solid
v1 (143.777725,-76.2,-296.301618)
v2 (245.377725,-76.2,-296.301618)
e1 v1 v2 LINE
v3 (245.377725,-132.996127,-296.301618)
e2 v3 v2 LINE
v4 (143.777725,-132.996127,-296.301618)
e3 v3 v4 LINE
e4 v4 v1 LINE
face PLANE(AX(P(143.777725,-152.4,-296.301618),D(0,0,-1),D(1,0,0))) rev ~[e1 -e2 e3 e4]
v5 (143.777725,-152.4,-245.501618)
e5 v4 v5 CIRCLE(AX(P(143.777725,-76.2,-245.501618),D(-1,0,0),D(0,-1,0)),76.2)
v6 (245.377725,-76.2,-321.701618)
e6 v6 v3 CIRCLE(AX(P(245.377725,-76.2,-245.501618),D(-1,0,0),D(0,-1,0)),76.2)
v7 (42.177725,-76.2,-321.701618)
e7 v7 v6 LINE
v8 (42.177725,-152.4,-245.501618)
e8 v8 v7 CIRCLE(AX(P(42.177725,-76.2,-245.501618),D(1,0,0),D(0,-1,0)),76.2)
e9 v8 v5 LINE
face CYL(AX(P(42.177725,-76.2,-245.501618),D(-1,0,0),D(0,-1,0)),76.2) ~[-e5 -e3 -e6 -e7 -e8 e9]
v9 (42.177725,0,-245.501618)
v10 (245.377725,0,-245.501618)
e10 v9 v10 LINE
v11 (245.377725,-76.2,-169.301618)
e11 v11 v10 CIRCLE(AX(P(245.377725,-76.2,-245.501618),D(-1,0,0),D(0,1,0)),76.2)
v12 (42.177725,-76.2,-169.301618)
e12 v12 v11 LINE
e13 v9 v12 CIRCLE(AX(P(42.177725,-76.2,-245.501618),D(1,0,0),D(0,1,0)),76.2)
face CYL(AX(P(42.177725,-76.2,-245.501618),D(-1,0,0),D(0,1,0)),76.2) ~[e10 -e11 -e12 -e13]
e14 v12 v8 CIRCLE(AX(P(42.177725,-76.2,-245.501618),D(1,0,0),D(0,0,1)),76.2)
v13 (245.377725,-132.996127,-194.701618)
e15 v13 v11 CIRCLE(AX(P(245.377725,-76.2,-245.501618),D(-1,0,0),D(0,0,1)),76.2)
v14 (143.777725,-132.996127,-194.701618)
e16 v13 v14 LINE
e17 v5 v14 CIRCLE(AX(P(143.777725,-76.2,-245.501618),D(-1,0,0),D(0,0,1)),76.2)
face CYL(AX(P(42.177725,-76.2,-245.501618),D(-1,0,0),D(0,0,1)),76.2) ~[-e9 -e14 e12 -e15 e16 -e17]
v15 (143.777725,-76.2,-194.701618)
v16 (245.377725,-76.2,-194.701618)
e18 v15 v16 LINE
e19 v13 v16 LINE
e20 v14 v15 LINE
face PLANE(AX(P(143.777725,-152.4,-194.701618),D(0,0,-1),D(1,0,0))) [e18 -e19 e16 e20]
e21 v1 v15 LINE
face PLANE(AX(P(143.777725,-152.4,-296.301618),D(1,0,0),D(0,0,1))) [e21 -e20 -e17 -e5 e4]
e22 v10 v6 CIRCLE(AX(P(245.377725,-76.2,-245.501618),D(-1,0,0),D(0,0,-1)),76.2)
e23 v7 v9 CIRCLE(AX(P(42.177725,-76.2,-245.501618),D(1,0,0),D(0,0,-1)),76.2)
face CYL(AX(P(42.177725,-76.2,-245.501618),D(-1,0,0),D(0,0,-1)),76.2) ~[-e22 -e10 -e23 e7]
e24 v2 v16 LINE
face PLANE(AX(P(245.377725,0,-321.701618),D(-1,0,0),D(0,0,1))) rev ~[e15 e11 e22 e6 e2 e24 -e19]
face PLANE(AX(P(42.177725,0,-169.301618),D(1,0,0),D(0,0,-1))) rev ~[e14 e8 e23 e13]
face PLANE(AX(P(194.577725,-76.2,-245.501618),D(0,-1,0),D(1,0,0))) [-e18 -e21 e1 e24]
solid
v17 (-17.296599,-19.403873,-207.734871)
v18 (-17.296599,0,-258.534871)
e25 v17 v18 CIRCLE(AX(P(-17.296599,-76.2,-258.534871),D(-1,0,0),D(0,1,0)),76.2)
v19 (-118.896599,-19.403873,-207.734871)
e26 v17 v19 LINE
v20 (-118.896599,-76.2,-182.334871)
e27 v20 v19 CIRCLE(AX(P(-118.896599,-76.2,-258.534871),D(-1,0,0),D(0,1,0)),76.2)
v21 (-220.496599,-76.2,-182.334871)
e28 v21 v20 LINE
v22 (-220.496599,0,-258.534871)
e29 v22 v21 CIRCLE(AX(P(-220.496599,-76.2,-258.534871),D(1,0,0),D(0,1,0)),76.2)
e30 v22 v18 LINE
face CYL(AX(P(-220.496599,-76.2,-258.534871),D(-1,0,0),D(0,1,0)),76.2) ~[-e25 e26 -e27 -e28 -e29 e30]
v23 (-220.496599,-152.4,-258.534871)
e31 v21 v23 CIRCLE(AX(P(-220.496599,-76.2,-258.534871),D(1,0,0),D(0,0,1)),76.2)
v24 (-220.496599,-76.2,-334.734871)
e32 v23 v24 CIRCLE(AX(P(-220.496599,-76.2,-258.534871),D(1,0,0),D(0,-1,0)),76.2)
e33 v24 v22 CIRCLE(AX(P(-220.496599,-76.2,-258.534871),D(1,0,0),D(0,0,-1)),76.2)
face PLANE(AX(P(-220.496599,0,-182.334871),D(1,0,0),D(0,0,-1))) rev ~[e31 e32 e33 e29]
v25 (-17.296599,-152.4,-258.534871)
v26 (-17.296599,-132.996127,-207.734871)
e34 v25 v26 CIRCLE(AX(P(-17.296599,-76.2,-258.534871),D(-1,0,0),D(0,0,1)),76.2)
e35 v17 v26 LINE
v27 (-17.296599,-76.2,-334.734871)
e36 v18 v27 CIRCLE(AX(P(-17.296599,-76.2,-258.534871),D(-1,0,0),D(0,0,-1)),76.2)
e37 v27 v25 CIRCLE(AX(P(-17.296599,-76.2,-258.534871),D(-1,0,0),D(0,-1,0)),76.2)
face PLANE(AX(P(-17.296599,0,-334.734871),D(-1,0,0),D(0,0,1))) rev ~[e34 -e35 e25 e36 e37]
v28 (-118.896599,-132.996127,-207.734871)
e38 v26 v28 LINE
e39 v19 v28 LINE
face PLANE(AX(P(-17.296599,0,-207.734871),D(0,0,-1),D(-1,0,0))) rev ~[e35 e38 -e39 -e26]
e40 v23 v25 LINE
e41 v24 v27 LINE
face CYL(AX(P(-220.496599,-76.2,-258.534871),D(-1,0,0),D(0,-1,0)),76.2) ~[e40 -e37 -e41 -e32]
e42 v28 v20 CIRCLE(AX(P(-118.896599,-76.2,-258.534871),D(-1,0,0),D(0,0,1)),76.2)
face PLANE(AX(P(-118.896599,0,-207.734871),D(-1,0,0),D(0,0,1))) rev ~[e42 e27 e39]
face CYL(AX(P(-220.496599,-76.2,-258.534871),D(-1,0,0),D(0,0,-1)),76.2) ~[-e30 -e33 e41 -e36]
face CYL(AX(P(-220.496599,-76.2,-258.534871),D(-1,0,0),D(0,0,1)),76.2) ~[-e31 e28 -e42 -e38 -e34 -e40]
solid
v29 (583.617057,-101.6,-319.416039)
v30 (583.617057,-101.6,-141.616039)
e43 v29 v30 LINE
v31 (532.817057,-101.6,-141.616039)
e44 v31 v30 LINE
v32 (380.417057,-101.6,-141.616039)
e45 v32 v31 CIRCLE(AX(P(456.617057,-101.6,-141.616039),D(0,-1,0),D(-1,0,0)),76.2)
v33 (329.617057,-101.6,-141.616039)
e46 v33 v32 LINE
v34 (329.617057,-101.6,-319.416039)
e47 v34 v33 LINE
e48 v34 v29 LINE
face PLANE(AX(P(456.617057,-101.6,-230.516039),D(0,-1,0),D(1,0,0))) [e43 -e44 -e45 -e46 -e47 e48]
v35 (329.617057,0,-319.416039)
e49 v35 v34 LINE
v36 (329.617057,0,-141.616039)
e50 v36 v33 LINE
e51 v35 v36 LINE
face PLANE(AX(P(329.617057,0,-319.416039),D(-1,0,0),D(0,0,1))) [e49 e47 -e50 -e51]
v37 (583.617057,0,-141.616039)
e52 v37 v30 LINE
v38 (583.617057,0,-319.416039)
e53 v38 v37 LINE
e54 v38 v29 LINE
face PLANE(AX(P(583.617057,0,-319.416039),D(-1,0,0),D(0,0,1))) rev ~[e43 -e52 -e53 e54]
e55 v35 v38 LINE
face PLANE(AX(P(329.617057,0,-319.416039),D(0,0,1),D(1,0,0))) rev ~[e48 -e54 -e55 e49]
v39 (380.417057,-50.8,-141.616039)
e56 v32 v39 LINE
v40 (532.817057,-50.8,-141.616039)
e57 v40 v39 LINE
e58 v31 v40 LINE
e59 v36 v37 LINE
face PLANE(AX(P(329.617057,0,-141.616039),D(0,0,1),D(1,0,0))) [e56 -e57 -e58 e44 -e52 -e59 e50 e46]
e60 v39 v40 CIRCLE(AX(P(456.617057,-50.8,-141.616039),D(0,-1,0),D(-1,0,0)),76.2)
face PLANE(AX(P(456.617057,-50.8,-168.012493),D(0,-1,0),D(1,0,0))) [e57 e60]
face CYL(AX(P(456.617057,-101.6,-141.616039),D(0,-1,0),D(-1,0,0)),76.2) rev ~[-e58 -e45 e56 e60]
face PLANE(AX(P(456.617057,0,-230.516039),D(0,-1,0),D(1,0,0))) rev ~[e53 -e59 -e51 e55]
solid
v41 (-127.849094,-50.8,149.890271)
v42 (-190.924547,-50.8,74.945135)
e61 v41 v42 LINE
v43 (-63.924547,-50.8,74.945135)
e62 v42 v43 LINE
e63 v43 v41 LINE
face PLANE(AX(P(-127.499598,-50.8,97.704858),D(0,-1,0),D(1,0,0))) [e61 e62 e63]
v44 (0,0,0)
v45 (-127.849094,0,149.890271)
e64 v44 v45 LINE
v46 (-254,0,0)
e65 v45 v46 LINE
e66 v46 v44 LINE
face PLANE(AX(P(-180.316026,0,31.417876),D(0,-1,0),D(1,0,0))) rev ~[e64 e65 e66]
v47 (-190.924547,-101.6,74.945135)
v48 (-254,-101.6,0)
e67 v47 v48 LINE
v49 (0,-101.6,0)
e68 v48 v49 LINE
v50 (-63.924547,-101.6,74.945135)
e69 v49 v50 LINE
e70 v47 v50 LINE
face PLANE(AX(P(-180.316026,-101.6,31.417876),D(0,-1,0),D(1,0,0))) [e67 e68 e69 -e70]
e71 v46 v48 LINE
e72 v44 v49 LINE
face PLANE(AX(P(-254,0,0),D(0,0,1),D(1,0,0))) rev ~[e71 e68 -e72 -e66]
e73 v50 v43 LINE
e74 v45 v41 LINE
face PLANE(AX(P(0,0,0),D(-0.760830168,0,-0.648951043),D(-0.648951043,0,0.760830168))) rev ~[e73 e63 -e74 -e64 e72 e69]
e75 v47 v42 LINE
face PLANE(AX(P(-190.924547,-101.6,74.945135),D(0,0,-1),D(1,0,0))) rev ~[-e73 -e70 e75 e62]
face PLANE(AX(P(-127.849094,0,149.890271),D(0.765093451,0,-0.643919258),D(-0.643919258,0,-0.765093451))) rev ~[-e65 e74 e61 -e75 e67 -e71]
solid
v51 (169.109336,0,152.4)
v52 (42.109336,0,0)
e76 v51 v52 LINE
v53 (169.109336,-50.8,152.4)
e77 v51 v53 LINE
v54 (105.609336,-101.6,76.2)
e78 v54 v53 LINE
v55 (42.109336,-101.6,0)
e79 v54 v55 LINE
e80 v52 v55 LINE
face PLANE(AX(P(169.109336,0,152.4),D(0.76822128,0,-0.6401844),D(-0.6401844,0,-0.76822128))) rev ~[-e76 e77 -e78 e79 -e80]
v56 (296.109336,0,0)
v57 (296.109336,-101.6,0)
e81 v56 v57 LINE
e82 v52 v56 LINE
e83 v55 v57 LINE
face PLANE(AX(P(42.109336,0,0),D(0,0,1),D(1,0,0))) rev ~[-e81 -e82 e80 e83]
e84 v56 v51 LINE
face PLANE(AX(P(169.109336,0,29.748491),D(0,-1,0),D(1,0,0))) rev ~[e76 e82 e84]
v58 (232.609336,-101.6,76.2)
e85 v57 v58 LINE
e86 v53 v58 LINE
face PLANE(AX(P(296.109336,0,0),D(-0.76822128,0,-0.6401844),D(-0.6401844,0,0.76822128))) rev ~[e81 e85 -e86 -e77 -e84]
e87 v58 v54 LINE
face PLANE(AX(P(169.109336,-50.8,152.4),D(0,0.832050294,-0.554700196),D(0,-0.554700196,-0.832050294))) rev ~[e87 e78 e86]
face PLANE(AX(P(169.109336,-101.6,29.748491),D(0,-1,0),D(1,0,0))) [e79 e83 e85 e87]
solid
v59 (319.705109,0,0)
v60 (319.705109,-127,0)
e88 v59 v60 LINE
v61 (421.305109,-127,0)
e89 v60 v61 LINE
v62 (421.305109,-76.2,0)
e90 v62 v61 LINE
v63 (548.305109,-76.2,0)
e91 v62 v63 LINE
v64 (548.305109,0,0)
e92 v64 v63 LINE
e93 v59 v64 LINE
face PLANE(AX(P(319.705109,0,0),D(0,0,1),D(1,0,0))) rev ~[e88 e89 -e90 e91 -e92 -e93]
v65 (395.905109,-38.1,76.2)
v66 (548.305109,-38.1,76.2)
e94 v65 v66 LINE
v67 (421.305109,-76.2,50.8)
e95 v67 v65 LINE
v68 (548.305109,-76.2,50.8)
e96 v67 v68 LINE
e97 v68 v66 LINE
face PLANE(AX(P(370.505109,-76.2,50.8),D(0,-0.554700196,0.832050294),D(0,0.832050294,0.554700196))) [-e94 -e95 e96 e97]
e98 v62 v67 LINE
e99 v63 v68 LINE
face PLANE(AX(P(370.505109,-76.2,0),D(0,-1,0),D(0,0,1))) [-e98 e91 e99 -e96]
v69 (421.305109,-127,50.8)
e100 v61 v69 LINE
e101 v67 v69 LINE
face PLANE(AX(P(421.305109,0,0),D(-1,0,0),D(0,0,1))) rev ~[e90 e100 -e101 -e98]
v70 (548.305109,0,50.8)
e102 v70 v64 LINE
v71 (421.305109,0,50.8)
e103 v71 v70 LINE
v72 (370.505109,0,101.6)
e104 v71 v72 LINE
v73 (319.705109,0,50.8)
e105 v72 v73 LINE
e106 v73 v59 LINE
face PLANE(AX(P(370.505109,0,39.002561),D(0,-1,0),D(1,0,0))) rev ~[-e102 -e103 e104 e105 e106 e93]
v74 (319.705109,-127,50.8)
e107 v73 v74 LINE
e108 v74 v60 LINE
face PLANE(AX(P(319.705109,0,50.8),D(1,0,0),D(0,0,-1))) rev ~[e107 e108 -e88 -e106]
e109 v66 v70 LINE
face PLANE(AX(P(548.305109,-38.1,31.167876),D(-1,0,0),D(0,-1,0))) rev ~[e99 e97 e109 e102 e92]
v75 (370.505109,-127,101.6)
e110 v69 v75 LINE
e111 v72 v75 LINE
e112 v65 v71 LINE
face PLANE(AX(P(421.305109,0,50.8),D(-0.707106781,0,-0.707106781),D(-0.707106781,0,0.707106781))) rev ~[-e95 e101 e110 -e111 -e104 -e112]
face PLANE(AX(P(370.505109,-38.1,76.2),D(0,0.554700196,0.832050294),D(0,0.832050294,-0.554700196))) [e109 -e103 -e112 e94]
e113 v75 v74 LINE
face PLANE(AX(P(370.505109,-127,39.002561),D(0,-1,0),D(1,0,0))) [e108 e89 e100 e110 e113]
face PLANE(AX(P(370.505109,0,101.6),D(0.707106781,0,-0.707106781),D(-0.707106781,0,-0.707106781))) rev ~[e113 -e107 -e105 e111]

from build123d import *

# Parameters (mm, degrees)
F1_DEPTH  = 101.6
F3_DEPTH  = 50.8
F5_DEPTH  = 101.6
F9_DEPTH  = 78.74
F11_DEPTH = 127
F15_DEPTH = 177.8
F17_DEPTH = 152.4
F19_DEPTH = 239.776
F20_W     = 101.6
F20_H     = 101.6
F21_DEPTH = 152.4
F22_W     = 101.6
F22_H     = 101.6
F23_DEPTH = 76.2
F25_DEPTH = 344.17
F26_W     = 254
F26_H     = 177.8
F27_DEPTH = 101.6
F29_DEPTH = 50.8


with BuildPart() as f1:
    # F0 (on Front) → F1 (new body)
    with BuildSketch(Plane.XZ):
        Polygon((-254, 0), (-127, 0), (-127, 76.2), (-189.8684257342, 76.2), align=None)
        Polygon((-127, 0), (0, 0), (-64.9948852758, 76.2), (-127, 76.2), align=None)
        Polygon((-127, 76.2), (-64.9948852758, 76.2), (-127.8490939708, 149.8902708919), (-189.8684257342, 76.2), align=None)
    extrude(amount=F1_DEPTH)

    # F2 (on face) → F3 (cut)
    with BuildSketch(Plane.XZ.offset(101.6)):
        Polygon((-190.9245469854, 74.945135446), (-127, 74.945135446), (-63.9245469854, 74.945135446), (-127.8490939708, 149.8902708919), align=None)
    extrude(amount=-F3_DEPTH, mode=Mode.SUBTRACT)


with BuildPart() as f5:
    # F4 (on Front) → F5 (new body)
    with BuildSketch(Plane.XZ):
        Polygon((105.6093358387, 76.2), (42.1093358387, 0), (296.1093358387, 0), (232.6093358387, 76.2), (169.1093358387, 76.2), align=None)
        Polygon((169.1093358387, 152.4), (105.6093358387, 76.2), (169.1093358387, 76.2), (232.6093358387, 76.2), align=None)
    extrude(amount=F5_DEPTH)

    # F8 (on 3pt) → F9 (cut, symmetric)
    with BuildSketch(Plane(origin=(169.1093358387, 0, 0), x_dir=(0, -1, 0), z_dir=(-1, 0, 0))):
        Polygon((50.8, 152.4), (101.6, 76.2), (101.6, 152.4), align=None)
    extrude(amount=F9_DEPTH, both=True, mode=Mode.SUBTRACT)


with BuildPart() as f11:
    # F10 (on Front) → F11 (new body)
    with BuildSketch(Plane.XZ):
        Polygon((319.7051088319, 50.8), (319.7051088319, 0), (421.3051088319, 0), (421.3051088319, 50.8), (370.5051088319, 101.6), align=None)
    extrude(amount=F11_DEPTH)

    # F14 (on 3pt) → F15 (join)
    with BuildSketch(Plane(origin=(370.5051088319, 0, 0), x_dir=(0, -1, 0), z_dir=(-1, 0, 0))):
        Polygon((0, 50.8), (0, 0), (76.2, 0), (76.2, 50.8), (38.1, 76.2), align=None)
    extrude(amount=-F15_DEPTH)


with BuildPart() as f17:
    # F16 (on Front) → F17 (new body)
    with BuildSketch(Plane.XZ):
        Polygon((-118.8965989277, -182.334871027), (-220.4965989277, -182.334871027), (-220.4965989277, -334.734871027), (-17.2965989277, -334.734871027), (-17.2965989277, -207.734871027), (-118.8965989277, -207.734871027), align=None)
    extrude(amount=F17_DEPTH)

    # F18 (on face) → F19 (cut)
    with BuildSketch(Plane(origin=(-220.4965989277, 0, 0), x_dir=(0, -1, 0), z_dir=(-1, 0, 0))):
        with BuildLine():
            ThreePointArc((76.2, -182.334871027), (130.0815367264, -204.6533343006), (152.4, -258.534871027))
            Line((152.4, -258.534871027), (152.4, -182.334871027))
            Line((152.4, -182.334871027), (76.2, -182.334871027))
        make_face()
        with BuildLine():
            Line((152.4, -334.734871027), (152.4, -258.534871027))
            ThreePointArc((152.4, -258.534871027), (130.0815367264, -312.4164077534), (76.2, -334.734871027))
            Line((76.2, -334.734871027), (152.4, -334.734871027))
        make_face()
        with BuildLine():
            Line((0, -334.734871027), (76.2, -334.734871027))
            ThreePointArc((76.2, -334.734871027), (22.3184632736, -312.4164077534), (0, -258.534871027))
            Line((0, -258.534871027), (0, -334.734871027))
        make_face()
        with BuildLine():
            ThreePointArc((0, -258.534871027), (22.3184632736, -204.6533343006), (76.2, -182.334871027))
            Line((76.2, -182.334871027), (0, -182.334871027))
            Line((0, -182.334871027), (0, -258.534871027))
        make_face()
    extrude(amount=-F19_DEPTH, mode=Mode.SUBTRACT)


with BuildPart() as f21:
    # F20 (on Front) → F21 (new body)
    with BuildSketch(Plane.XZ):
        Polygon((42.1777254931, -169.3016177211), (42.1777254931, -321.7016177211), (245.3777254931, -321.7016177211), (245.3777254931, -296.3016177211), (143.7777254931, -296.3016177211), (143.7777254931, -194.7016177211), (245.3777254931, -194.7016177211), (245.3777254931, -169.3016177211), align=None)
        with Locations((194.5777254931, -245.5016177211)):
            Rectangle(F20_W, F20_H)
    extrude(amount=F21_DEPTH)

    # F22 (on face) → F23 (cut)
    with BuildSketch(Plane.XZ.offset(152.4)):
        with Locations((194.5777254931, -245.5016177211)):
            Rectangle(F22_W, F22_H)
    extrude(amount=-F23_DEPTH, mode=Mode.SUBTRACT)

    # F24 (on face) → F25 (cut)
    with BuildSketch(Plane(origin=(42.1777254931, 0, 0), x_dir=(0, -1, 0), z_dir=(-1, 0, 0))):
        with BuildLine():
            ThreePointArc((76.2, -169.3016177211), (130.0815367264, -191.6200809947), (152.4, -245.5016177211))
            Line((152.4, -245.5016177211), (152.4, -169.3016177211))
            Line((152.4, -169.3016177211), (76.2, -169.3016177211))
        make_face()
        with BuildLine():
            ThreePointArc((0, -245.5016177211), (22.3184632736, -191.6200809947), (76.2, -169.3016177211))
            Line((76.2, -169.3016177211), (0, -169.3016177211))
            Line((0, -169.3016177211), (0, -245.5016177211))
        make_face()
        with BuildLine():
            Line((152.4, -321.7016177211), (152.4, -245.5016177211))
            ThreePointArc((152.4, -245.5016177211), (130.0815367264, -299.3831544475), (76.2, -321.7016177211))
            Line((76.2, -321.7016177211), (152.4, -321.7016177211))
        make_face()
        with BuildLine():
            Line((0, -321.7016177211), (76.2, -321.7016177211))
            ThreePointArc((76.2, -321.7016177211), (22.3184632736, -299.3831544475), (0, -245.5016177211))
            Line((0, -245.5016177211), (0, -321.7016177211))
        make_face()
    extrude(amount=-F25_DEPTH, mode=Mode.SUBTRACT)


with BuildPart() as f27:
    # F26 (on Front) → F27 (new body)
    with BuildSketch(Plane.XZ):
        with Locations((456.6170573235, -230.5160389135)):
            Rectangle(F26_W, F26_H)
    extrude(amount=F27_DEPTH)

    # F28 (on face) → F29 (cut)
    with BuildSketch(Plane.XZ.offset(101.6)):
        with BuildLine():
            ThreePointArc((380.4170573235, -141.6160389135), (456.6170573235, -217.8160389135), (532.8170573235, -141.6160389135))
            Line((532.8170573235, -141.6160389135), (380.4170573235, -141.6160389135))
        make_face()
    extrude(amount=-F29_DEPTH, mode=Mode.SUBTRACT)


solid = Compound([f1.part, f5.part, f11.part, f17.part, f21.part, f27.part])
